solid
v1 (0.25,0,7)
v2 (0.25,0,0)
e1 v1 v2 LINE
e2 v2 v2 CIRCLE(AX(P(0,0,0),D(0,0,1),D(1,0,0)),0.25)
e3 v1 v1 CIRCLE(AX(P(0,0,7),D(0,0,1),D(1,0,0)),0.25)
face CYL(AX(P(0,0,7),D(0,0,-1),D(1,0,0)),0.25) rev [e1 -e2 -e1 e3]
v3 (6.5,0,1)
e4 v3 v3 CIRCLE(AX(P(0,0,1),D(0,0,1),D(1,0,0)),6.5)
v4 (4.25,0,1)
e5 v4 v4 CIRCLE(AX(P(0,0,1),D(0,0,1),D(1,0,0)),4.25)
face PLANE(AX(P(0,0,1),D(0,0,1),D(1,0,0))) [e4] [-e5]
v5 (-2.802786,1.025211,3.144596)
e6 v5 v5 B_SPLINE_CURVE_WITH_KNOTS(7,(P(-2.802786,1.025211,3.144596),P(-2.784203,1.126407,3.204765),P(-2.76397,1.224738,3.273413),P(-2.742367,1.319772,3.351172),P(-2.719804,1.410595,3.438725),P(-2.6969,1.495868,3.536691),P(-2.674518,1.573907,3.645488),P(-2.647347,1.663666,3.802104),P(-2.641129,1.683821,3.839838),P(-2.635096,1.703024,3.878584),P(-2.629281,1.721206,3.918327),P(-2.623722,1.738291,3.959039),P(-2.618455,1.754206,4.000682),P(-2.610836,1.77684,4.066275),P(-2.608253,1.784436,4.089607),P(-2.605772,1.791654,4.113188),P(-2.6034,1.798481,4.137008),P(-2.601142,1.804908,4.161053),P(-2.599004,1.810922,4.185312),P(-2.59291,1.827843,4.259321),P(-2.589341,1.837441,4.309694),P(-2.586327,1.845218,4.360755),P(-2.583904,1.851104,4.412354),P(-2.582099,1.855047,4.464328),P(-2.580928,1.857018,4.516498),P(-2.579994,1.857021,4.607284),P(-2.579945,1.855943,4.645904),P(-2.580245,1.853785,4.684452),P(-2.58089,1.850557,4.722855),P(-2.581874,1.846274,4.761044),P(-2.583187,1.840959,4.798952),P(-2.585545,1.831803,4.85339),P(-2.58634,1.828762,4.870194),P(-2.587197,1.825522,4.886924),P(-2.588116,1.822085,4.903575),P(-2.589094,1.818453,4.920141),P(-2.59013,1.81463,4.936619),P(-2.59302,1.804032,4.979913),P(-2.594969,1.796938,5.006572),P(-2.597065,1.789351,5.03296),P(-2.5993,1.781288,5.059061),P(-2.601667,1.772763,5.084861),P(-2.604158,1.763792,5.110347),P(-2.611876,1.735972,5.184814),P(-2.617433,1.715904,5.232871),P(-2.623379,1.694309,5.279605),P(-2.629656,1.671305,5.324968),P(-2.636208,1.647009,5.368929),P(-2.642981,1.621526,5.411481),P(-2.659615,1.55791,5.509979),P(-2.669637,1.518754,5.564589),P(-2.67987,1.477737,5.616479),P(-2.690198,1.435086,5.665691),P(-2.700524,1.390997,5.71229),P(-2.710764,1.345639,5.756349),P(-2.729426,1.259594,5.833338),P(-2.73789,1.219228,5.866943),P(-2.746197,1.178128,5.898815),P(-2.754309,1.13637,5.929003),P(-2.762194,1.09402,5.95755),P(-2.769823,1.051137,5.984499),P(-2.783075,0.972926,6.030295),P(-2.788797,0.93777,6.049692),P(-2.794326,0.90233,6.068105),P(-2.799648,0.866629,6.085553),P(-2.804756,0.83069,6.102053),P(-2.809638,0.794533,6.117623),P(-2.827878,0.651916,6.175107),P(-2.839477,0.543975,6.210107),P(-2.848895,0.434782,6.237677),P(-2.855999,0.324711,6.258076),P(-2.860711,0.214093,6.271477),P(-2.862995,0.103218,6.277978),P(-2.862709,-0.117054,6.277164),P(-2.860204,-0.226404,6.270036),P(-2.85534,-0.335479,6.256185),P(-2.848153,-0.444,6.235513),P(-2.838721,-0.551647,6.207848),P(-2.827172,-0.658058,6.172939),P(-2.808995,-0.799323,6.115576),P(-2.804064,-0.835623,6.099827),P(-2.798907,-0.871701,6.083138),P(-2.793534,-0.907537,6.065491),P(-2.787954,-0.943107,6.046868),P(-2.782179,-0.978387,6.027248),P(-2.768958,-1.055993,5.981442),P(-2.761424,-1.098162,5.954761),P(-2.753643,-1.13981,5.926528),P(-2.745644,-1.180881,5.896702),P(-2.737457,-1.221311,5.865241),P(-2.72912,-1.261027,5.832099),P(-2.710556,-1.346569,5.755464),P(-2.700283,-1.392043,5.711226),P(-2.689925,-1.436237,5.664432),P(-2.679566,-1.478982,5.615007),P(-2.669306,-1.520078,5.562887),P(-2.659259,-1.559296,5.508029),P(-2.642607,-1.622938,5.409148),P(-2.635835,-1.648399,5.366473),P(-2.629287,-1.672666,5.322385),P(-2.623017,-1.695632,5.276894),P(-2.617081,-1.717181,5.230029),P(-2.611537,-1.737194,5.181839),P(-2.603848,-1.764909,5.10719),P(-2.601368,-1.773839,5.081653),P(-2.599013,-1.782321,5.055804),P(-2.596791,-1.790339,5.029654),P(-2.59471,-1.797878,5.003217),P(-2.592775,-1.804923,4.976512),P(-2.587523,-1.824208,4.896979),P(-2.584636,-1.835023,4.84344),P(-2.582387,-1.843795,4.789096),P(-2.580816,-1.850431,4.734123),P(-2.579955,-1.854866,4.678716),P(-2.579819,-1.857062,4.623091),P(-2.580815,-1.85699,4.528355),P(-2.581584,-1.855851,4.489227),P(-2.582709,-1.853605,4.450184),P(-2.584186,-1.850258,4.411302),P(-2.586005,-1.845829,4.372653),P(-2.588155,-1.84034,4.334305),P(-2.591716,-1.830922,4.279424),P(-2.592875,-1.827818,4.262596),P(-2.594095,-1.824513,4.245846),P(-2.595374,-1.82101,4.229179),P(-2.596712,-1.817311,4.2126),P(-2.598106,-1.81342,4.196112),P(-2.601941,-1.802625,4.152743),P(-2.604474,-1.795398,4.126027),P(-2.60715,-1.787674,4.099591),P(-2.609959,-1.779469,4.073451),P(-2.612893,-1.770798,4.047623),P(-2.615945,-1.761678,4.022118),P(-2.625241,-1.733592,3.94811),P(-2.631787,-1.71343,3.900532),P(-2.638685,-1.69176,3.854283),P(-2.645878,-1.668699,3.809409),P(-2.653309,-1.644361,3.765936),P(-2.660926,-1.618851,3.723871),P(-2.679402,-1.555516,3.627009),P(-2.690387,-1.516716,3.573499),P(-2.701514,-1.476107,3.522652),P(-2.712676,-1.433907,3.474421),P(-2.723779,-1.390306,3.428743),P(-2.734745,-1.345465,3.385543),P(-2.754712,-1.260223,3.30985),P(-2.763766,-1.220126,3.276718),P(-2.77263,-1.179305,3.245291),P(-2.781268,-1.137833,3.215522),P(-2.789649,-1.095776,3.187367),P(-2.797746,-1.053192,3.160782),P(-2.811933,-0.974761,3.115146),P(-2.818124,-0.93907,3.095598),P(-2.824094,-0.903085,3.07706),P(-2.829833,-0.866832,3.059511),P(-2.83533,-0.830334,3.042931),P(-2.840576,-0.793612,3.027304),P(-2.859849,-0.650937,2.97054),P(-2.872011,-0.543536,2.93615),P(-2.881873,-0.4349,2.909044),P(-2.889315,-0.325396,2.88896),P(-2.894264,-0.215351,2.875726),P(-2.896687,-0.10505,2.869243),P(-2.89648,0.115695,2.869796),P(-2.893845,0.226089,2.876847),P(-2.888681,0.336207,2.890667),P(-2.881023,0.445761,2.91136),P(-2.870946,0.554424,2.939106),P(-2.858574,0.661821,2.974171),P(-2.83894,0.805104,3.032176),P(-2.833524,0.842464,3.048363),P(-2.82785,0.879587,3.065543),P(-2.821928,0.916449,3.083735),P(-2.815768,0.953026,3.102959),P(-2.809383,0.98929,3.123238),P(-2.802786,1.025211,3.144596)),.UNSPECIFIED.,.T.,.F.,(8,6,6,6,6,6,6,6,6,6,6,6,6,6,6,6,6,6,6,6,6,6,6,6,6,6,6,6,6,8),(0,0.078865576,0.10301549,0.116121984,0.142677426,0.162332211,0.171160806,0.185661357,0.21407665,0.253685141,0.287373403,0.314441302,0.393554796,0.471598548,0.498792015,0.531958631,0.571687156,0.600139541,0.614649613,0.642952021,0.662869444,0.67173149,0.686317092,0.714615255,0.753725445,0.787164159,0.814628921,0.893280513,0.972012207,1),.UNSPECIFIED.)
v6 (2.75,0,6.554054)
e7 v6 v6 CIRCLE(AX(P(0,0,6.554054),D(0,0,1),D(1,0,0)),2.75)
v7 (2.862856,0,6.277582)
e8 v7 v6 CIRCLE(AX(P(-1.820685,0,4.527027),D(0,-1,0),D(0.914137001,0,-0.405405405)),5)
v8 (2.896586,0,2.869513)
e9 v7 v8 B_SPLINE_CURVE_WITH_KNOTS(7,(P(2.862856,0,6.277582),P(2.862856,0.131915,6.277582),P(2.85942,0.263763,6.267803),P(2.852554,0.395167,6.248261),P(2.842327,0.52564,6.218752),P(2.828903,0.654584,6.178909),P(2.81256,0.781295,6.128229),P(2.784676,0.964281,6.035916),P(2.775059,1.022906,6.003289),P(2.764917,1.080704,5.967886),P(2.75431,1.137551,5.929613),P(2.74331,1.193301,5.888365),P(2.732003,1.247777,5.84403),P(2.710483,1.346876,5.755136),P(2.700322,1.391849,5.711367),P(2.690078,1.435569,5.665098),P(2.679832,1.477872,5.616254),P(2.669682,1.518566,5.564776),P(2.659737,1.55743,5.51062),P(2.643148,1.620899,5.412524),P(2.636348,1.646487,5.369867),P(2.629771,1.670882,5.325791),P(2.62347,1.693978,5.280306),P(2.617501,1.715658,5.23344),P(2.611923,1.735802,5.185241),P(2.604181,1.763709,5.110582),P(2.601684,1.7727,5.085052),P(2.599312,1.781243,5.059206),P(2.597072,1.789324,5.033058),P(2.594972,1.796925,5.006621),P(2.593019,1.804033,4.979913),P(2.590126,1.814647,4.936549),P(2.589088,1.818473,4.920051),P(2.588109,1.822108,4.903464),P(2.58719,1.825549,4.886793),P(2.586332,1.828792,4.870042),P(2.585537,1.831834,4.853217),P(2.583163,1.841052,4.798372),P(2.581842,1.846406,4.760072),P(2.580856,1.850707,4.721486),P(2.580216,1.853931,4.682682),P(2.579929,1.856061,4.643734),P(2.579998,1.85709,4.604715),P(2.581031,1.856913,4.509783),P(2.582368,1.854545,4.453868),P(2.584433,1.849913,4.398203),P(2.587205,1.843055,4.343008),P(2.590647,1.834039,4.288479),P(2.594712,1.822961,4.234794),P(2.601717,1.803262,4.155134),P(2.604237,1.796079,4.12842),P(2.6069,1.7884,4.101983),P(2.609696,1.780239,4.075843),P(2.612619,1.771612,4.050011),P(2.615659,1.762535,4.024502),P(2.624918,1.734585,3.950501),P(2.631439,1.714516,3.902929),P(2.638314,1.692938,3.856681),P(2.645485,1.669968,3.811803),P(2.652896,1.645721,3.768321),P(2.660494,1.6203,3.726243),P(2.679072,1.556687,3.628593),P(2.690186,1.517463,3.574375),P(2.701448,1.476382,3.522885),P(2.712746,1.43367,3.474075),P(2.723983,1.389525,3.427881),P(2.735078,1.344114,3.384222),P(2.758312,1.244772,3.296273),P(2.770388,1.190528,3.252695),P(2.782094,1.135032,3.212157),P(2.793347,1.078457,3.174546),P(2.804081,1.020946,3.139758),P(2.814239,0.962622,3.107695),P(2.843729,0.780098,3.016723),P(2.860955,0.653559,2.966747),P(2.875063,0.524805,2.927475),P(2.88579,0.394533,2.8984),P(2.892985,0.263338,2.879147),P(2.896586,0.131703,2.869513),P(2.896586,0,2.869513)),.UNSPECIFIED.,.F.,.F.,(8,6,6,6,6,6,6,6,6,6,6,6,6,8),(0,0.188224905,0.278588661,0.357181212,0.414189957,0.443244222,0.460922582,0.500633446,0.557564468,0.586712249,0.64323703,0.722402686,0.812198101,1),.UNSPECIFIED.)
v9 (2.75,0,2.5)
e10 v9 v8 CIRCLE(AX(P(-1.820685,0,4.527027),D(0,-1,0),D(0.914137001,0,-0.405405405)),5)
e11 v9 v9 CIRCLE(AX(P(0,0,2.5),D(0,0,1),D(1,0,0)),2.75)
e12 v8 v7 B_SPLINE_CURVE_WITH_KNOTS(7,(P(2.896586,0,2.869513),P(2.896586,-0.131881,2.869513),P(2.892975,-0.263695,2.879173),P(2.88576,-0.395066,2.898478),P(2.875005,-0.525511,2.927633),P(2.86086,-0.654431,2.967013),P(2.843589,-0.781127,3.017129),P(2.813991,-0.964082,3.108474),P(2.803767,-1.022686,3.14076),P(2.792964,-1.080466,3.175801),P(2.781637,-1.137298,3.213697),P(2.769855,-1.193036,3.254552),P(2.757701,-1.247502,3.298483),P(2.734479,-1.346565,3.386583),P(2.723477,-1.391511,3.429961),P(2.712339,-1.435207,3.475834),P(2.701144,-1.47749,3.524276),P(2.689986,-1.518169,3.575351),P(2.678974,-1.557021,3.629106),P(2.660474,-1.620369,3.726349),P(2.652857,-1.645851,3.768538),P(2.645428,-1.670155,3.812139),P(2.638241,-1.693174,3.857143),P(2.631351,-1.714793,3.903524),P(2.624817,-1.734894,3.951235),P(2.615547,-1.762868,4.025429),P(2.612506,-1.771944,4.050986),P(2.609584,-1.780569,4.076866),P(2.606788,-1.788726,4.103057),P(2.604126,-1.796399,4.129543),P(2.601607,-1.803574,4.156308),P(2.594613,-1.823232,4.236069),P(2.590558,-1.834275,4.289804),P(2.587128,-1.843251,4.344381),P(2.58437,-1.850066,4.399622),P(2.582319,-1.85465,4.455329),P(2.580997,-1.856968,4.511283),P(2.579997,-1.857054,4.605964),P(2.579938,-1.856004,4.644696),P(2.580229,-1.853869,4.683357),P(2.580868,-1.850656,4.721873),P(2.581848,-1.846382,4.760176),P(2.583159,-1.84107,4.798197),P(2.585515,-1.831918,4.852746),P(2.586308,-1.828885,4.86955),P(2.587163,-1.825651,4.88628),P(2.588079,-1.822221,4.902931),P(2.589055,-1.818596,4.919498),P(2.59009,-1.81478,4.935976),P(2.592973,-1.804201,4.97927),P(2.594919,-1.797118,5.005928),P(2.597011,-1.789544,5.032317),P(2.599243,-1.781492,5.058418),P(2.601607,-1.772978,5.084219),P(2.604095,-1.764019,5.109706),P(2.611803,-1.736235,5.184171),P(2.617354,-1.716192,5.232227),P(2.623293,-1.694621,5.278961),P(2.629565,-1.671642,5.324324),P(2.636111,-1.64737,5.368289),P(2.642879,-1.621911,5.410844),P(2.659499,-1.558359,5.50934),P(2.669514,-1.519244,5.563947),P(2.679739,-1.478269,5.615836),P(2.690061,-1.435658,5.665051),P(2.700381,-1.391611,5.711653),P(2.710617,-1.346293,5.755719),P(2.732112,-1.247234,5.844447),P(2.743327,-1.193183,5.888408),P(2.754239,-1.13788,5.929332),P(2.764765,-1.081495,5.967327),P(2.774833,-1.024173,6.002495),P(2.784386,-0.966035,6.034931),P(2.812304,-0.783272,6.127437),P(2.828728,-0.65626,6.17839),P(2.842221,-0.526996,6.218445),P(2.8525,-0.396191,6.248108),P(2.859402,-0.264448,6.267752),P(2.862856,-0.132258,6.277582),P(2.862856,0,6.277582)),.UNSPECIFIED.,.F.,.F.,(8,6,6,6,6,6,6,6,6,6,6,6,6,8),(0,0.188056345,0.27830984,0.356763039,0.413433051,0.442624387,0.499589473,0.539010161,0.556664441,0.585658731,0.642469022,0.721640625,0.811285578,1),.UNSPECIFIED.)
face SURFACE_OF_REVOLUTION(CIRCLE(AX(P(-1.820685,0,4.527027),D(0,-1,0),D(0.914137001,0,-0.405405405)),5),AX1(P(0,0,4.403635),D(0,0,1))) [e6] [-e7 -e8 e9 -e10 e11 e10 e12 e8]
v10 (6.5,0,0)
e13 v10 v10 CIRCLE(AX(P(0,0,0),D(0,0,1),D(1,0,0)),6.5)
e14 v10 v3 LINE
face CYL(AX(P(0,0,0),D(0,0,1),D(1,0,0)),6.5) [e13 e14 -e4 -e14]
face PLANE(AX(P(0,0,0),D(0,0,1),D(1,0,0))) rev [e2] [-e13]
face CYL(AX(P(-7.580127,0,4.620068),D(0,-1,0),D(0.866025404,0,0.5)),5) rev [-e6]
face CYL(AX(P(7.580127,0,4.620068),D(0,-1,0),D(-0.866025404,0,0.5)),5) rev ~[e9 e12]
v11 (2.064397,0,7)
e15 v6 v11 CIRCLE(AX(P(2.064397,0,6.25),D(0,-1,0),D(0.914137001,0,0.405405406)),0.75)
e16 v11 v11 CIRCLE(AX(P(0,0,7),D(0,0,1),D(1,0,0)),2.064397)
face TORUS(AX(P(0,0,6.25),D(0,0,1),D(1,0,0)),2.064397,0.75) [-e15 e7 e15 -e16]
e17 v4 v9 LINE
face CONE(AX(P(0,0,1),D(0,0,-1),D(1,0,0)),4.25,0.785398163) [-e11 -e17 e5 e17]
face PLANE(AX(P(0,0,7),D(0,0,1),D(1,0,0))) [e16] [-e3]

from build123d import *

# Parameters (mm, degrees)
F3_DEPTH      = 5
F3_DEPTH_BACK = 5


with BuildPart() as f1:
    # F0 (on Front) → F1 (revolve)
    with BuildSketch(Plane.XZ):
        with BuildLine():
            Line((0.25, 7), (0.25, 0))
            Line((0.25, 0), (6.5, 0))
            Line((6.5, 0), (6.5, 1))
            Line((6.5, 1), (4.25, 1))
            Line((4.25, 1), (2.75, 2.5))
            ThreePointArc((2.75, 2.5), (3.1793149932, 4.527027027), (2.75, 6.5540540541))
            ThreePointArc((2.75, 6.5540540541), (2.4733345666, 6.8787052332), (2.064397249, 7))
            Line((2.064397249, 7), (0.25, 7))
        make_face()
    revolve(axis=Axis((0, 0, 4.4036353938), (0, 0, 1)))


with BuildPart() as f3:
    # F2 (on Front) → F3 (new body, two sides)
    with BuildSketch(Plane.XZ) as f3_sk:
        with BuildLine():
            Line((4.25, 7.1200682409), (3.25, 7.1200682409))
            ThreePointArc((3.25, 7.1200682409), (2.5801270189, 4.6200682409), (3.25, 2.1200682409))
            Line((3.25, 2.1200682409), (4.25, 2.1200682409))
            Line((4.25, 2.1200682409), (4.25, 7.1200682409))
        make_face()
    extrude(amount=F3_DEPTH)
    extrude(f3_sk.sketch, amount=-F3_DEPTH_BACK)


with BuildPart() as f4_1:
    # F4: instance of F3
    add(f3.part.mirror(Plane.YZ))


with BuildPart() as f1_1:
    add(f1.part)

    # F5: cut F3, F4_1
    add(f3.part, mode=Mode.SUBTRACT)
    add(f4_1.part, mode=Mode.SUBTRACT)


solid = f1_1.part
